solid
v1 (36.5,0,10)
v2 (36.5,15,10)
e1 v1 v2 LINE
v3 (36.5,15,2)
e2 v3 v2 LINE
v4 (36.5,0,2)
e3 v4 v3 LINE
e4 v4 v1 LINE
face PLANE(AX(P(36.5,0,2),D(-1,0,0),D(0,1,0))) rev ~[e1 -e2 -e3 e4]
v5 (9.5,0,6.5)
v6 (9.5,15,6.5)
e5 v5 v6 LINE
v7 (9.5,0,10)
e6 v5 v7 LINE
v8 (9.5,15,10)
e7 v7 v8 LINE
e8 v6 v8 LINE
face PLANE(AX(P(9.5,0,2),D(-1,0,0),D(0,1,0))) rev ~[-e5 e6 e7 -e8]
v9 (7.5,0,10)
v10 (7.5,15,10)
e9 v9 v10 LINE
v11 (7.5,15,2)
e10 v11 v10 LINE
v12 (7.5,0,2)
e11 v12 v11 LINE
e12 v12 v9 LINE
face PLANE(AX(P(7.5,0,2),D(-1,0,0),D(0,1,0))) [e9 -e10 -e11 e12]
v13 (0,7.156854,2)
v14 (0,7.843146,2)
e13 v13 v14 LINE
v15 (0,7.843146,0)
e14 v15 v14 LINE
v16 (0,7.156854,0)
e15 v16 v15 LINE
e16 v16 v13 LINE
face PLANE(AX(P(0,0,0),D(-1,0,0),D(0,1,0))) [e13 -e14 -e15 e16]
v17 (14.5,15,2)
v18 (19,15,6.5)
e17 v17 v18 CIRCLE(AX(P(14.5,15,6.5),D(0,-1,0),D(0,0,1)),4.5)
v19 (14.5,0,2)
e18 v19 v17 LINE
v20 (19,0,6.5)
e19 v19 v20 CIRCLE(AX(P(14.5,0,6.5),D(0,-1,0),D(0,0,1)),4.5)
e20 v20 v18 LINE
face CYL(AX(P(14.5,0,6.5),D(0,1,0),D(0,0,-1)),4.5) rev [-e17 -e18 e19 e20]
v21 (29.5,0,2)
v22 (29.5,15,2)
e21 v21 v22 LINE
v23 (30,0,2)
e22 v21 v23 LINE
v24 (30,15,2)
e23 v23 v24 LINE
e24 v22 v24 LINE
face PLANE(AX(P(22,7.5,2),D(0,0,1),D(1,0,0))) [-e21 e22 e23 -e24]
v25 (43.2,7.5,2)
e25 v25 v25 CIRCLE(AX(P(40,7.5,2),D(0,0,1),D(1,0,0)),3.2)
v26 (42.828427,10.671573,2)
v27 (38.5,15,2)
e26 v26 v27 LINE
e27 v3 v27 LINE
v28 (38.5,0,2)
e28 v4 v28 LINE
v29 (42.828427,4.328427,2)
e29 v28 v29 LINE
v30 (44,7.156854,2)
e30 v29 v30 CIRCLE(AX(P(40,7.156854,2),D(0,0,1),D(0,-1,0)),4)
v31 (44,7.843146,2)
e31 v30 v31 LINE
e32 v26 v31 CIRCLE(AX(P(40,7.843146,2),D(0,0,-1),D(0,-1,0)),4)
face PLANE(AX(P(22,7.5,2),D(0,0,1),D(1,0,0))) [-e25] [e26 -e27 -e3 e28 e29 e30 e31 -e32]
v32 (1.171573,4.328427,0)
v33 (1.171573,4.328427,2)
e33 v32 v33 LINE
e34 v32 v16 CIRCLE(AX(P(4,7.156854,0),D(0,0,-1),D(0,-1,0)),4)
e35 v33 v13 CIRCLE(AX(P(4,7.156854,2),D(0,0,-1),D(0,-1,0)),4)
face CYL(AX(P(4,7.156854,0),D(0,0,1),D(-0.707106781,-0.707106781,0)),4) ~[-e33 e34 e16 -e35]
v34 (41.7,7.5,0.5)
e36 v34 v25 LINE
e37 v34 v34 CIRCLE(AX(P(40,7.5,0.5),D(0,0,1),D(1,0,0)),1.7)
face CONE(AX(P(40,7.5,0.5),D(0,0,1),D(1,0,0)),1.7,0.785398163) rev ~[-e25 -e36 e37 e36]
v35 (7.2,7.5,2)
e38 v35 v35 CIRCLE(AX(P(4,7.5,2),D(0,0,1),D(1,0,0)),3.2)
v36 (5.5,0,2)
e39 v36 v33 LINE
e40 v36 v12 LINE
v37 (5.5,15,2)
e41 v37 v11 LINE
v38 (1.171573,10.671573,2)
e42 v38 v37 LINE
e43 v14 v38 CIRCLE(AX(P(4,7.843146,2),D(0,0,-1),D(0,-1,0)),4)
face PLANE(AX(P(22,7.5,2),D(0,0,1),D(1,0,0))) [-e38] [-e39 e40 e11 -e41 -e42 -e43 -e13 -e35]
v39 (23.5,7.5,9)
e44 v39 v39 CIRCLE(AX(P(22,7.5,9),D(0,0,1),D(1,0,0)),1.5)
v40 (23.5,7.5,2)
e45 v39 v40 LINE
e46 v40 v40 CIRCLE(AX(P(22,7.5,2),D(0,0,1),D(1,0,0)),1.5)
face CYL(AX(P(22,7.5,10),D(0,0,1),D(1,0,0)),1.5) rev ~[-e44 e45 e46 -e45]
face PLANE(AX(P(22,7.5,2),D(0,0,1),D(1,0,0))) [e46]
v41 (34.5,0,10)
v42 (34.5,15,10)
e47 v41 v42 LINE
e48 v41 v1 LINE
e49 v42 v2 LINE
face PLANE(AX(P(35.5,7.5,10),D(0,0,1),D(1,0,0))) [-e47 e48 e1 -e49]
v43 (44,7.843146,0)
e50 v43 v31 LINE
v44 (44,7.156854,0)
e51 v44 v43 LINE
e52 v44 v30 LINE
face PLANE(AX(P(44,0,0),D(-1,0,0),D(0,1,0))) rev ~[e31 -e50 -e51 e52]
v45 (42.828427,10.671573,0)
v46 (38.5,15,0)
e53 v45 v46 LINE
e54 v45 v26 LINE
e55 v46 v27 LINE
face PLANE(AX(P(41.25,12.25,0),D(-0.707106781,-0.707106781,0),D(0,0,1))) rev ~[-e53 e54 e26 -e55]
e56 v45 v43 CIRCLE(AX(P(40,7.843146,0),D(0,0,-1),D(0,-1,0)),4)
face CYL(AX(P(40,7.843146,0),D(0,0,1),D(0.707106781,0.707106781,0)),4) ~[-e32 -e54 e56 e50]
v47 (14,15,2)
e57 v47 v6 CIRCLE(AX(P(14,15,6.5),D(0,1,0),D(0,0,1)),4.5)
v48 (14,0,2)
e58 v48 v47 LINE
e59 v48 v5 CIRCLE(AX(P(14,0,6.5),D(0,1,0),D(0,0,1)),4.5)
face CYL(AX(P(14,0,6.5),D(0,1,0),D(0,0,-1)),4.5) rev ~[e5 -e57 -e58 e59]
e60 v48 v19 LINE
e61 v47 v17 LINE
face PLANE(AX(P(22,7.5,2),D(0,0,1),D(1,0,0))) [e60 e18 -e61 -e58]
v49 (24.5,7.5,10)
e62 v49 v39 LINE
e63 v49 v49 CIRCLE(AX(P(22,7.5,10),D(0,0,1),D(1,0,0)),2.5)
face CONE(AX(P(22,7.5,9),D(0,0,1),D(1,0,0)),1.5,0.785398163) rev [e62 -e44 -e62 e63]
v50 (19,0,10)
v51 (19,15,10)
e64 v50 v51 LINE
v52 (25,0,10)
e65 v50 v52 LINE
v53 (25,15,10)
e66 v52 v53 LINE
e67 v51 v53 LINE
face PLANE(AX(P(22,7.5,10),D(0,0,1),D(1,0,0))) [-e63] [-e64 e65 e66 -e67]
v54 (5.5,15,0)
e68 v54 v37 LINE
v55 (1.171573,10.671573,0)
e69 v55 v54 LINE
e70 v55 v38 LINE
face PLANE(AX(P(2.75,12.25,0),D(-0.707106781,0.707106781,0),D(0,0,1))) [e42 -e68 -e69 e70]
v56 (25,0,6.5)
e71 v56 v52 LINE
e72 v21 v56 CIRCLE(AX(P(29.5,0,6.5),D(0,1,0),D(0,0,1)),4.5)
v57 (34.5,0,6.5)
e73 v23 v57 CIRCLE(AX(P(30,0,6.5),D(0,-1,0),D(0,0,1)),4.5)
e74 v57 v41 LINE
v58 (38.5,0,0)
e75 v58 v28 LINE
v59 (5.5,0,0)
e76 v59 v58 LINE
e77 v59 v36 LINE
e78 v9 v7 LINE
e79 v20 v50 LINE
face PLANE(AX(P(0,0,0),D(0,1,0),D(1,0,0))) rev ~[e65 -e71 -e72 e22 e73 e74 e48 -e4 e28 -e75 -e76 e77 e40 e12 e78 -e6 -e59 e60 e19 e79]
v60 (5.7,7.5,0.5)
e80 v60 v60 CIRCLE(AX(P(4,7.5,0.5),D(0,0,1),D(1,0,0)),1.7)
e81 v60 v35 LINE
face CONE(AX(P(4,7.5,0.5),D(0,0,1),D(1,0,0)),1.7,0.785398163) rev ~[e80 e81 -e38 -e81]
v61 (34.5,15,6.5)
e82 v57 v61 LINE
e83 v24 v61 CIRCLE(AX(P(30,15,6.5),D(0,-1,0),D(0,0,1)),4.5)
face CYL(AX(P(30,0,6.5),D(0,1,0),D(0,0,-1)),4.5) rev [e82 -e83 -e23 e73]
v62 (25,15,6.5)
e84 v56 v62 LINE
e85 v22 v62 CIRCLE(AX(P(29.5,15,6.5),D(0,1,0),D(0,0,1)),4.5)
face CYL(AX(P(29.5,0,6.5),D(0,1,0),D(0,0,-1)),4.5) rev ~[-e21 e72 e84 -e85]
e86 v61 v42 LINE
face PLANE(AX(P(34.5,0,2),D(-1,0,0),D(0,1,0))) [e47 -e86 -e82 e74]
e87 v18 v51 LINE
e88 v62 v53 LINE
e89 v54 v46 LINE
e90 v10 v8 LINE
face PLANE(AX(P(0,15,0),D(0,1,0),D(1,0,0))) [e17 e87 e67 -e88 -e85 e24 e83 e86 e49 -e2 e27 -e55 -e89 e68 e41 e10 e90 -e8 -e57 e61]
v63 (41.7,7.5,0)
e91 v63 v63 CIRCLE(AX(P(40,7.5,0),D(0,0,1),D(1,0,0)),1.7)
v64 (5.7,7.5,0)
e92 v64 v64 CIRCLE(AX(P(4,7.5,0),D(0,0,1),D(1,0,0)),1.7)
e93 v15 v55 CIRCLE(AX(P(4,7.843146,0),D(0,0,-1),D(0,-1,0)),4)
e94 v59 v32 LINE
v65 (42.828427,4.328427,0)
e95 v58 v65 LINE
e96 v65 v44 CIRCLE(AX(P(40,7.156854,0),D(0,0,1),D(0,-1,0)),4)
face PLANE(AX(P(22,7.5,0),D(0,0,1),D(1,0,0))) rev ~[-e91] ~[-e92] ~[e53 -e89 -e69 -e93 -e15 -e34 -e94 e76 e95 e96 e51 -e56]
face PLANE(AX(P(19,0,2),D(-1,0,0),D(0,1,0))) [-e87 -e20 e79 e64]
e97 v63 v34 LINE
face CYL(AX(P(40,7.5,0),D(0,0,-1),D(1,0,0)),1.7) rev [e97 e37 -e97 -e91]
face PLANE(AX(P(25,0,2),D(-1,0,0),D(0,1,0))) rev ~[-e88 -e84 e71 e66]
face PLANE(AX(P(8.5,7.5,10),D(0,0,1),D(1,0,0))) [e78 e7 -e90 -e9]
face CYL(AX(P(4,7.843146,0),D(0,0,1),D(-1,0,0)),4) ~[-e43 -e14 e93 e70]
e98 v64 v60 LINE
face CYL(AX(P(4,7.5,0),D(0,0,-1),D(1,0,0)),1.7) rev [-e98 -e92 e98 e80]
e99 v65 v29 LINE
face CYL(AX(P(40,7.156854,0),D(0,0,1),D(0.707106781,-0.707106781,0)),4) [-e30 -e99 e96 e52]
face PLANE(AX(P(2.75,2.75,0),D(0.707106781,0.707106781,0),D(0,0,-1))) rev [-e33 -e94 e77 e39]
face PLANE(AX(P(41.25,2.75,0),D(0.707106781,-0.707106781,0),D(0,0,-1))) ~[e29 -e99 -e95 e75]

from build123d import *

# Parameters (mm, degrees)
SKETCH_W        = 44
SKETCH_H        = 15
SKETCH_R        = 1.7
PAD_DEPTH       = 2
CHAMFER_SIZE    = 1.5
SKETCH001_W     = 2
SKETCH001_H     = 15
SKETCH001_W_2   = 6
PAD001_DEPTH    = 8
FILLET_R        = 4.5
SKETCH002_R     = 1.5
POCKET_DEPTH    = 8
CHAMFER001_SIZE = 5.5
FILLET001_R     = 4
CHAMFER002_SIZE = 1


with BuildPart() as part:
    # Sketch → Pad (new body)
    with BuildSketch(Plane.XY):
        with Locations((22, 7.5)):
            Rectangle(SKETCH_W, SKETCH_H)
        with Locations((4, 7.5)):
            Circle(SKETCH_R, mode=Mode.SUBTRACT)
        with Locations((40, 7.5)):
            Circle(SKETCH_R, mode=Mode.SUBTRACT)
    extrude(amount=PAD_DEPTH)

    # Chamfer
    chamfer_edges = [part.edges().sort_by_distance(p)[0] for p in [
        (2.3, 7.5, 2),
        (38.3, 7.5, 2),
    ]]
    chamfer(chamfer_edges, length=CHAMFER_SIZE)

    # Sketch001 (on Face4 of Chamfer) → Pad001 (join)
    with BuildSketch(Plane.XY.offset(2)):
        with Locations((8.5, 7.5)):
            Rectangle(SKETCH001_W, SKETCH001_H)
        with Locations((35.5, 7.5)):
            Rectangle(SKETCH001_W, SKETCH001_H)
        with Locations((22, 7.5)):
            Rectangle(SKETCH001_W_2, SKETCH001_H)
    extrude(amount=PAD001_DEPTH)

    # Fillet
    fillet_edges = [part.edges().sort_by_distance(p)[0] for p in [
        (9.5, 7.5, 2),
        (19, 7.5, 2),
        (25, 7.5, 2),
        (34.5, 7.5, 2),
    ]]
    fillet(fillet_edges, radius=FILLET_R)

    # Sketch002 (on Face20 of Fillet) → Pocket (cut)
    with BuildSketch(Plane.XY.offset(10)):
        with Locations((22, 7.5)):
            Circle(SKETCH002_R)
    extrude(amount=-POCKET_DEPTH, mode=Mode.SUBTRACT)

    # Chamfer001
    chamfer001_edges = [part.edges().sort_by_distance(p)[0] for p in [
        (0, 0, 1),
        (0, 15, 1),
        (44, 15, 1),
        (44, 0, 1),
    ]]
    chamfer(chamfer001_edges, length=CHAMFER001_SIZE)

    # Fillet001
    fillet001_edges = [part.edges().sort_by_distance(p)[0] for p in [
        (0, 5.5, 1),
        (0, 9.5, 1),
        (44, 9.5, 1),
        (44, 5.5, 1),
    ]]
    fillet(fillet001_edges, radius=FILLET001_R)

    # Chamfer002
    chamfer002_edges = [part.edges().sort_by_distance(p)[0] for p in [
        (20.5, 7.5, 10),
    ]]
    chamfer(chamfer002_edges, length=CHAMFER002_SIZE)


solid = part.part
